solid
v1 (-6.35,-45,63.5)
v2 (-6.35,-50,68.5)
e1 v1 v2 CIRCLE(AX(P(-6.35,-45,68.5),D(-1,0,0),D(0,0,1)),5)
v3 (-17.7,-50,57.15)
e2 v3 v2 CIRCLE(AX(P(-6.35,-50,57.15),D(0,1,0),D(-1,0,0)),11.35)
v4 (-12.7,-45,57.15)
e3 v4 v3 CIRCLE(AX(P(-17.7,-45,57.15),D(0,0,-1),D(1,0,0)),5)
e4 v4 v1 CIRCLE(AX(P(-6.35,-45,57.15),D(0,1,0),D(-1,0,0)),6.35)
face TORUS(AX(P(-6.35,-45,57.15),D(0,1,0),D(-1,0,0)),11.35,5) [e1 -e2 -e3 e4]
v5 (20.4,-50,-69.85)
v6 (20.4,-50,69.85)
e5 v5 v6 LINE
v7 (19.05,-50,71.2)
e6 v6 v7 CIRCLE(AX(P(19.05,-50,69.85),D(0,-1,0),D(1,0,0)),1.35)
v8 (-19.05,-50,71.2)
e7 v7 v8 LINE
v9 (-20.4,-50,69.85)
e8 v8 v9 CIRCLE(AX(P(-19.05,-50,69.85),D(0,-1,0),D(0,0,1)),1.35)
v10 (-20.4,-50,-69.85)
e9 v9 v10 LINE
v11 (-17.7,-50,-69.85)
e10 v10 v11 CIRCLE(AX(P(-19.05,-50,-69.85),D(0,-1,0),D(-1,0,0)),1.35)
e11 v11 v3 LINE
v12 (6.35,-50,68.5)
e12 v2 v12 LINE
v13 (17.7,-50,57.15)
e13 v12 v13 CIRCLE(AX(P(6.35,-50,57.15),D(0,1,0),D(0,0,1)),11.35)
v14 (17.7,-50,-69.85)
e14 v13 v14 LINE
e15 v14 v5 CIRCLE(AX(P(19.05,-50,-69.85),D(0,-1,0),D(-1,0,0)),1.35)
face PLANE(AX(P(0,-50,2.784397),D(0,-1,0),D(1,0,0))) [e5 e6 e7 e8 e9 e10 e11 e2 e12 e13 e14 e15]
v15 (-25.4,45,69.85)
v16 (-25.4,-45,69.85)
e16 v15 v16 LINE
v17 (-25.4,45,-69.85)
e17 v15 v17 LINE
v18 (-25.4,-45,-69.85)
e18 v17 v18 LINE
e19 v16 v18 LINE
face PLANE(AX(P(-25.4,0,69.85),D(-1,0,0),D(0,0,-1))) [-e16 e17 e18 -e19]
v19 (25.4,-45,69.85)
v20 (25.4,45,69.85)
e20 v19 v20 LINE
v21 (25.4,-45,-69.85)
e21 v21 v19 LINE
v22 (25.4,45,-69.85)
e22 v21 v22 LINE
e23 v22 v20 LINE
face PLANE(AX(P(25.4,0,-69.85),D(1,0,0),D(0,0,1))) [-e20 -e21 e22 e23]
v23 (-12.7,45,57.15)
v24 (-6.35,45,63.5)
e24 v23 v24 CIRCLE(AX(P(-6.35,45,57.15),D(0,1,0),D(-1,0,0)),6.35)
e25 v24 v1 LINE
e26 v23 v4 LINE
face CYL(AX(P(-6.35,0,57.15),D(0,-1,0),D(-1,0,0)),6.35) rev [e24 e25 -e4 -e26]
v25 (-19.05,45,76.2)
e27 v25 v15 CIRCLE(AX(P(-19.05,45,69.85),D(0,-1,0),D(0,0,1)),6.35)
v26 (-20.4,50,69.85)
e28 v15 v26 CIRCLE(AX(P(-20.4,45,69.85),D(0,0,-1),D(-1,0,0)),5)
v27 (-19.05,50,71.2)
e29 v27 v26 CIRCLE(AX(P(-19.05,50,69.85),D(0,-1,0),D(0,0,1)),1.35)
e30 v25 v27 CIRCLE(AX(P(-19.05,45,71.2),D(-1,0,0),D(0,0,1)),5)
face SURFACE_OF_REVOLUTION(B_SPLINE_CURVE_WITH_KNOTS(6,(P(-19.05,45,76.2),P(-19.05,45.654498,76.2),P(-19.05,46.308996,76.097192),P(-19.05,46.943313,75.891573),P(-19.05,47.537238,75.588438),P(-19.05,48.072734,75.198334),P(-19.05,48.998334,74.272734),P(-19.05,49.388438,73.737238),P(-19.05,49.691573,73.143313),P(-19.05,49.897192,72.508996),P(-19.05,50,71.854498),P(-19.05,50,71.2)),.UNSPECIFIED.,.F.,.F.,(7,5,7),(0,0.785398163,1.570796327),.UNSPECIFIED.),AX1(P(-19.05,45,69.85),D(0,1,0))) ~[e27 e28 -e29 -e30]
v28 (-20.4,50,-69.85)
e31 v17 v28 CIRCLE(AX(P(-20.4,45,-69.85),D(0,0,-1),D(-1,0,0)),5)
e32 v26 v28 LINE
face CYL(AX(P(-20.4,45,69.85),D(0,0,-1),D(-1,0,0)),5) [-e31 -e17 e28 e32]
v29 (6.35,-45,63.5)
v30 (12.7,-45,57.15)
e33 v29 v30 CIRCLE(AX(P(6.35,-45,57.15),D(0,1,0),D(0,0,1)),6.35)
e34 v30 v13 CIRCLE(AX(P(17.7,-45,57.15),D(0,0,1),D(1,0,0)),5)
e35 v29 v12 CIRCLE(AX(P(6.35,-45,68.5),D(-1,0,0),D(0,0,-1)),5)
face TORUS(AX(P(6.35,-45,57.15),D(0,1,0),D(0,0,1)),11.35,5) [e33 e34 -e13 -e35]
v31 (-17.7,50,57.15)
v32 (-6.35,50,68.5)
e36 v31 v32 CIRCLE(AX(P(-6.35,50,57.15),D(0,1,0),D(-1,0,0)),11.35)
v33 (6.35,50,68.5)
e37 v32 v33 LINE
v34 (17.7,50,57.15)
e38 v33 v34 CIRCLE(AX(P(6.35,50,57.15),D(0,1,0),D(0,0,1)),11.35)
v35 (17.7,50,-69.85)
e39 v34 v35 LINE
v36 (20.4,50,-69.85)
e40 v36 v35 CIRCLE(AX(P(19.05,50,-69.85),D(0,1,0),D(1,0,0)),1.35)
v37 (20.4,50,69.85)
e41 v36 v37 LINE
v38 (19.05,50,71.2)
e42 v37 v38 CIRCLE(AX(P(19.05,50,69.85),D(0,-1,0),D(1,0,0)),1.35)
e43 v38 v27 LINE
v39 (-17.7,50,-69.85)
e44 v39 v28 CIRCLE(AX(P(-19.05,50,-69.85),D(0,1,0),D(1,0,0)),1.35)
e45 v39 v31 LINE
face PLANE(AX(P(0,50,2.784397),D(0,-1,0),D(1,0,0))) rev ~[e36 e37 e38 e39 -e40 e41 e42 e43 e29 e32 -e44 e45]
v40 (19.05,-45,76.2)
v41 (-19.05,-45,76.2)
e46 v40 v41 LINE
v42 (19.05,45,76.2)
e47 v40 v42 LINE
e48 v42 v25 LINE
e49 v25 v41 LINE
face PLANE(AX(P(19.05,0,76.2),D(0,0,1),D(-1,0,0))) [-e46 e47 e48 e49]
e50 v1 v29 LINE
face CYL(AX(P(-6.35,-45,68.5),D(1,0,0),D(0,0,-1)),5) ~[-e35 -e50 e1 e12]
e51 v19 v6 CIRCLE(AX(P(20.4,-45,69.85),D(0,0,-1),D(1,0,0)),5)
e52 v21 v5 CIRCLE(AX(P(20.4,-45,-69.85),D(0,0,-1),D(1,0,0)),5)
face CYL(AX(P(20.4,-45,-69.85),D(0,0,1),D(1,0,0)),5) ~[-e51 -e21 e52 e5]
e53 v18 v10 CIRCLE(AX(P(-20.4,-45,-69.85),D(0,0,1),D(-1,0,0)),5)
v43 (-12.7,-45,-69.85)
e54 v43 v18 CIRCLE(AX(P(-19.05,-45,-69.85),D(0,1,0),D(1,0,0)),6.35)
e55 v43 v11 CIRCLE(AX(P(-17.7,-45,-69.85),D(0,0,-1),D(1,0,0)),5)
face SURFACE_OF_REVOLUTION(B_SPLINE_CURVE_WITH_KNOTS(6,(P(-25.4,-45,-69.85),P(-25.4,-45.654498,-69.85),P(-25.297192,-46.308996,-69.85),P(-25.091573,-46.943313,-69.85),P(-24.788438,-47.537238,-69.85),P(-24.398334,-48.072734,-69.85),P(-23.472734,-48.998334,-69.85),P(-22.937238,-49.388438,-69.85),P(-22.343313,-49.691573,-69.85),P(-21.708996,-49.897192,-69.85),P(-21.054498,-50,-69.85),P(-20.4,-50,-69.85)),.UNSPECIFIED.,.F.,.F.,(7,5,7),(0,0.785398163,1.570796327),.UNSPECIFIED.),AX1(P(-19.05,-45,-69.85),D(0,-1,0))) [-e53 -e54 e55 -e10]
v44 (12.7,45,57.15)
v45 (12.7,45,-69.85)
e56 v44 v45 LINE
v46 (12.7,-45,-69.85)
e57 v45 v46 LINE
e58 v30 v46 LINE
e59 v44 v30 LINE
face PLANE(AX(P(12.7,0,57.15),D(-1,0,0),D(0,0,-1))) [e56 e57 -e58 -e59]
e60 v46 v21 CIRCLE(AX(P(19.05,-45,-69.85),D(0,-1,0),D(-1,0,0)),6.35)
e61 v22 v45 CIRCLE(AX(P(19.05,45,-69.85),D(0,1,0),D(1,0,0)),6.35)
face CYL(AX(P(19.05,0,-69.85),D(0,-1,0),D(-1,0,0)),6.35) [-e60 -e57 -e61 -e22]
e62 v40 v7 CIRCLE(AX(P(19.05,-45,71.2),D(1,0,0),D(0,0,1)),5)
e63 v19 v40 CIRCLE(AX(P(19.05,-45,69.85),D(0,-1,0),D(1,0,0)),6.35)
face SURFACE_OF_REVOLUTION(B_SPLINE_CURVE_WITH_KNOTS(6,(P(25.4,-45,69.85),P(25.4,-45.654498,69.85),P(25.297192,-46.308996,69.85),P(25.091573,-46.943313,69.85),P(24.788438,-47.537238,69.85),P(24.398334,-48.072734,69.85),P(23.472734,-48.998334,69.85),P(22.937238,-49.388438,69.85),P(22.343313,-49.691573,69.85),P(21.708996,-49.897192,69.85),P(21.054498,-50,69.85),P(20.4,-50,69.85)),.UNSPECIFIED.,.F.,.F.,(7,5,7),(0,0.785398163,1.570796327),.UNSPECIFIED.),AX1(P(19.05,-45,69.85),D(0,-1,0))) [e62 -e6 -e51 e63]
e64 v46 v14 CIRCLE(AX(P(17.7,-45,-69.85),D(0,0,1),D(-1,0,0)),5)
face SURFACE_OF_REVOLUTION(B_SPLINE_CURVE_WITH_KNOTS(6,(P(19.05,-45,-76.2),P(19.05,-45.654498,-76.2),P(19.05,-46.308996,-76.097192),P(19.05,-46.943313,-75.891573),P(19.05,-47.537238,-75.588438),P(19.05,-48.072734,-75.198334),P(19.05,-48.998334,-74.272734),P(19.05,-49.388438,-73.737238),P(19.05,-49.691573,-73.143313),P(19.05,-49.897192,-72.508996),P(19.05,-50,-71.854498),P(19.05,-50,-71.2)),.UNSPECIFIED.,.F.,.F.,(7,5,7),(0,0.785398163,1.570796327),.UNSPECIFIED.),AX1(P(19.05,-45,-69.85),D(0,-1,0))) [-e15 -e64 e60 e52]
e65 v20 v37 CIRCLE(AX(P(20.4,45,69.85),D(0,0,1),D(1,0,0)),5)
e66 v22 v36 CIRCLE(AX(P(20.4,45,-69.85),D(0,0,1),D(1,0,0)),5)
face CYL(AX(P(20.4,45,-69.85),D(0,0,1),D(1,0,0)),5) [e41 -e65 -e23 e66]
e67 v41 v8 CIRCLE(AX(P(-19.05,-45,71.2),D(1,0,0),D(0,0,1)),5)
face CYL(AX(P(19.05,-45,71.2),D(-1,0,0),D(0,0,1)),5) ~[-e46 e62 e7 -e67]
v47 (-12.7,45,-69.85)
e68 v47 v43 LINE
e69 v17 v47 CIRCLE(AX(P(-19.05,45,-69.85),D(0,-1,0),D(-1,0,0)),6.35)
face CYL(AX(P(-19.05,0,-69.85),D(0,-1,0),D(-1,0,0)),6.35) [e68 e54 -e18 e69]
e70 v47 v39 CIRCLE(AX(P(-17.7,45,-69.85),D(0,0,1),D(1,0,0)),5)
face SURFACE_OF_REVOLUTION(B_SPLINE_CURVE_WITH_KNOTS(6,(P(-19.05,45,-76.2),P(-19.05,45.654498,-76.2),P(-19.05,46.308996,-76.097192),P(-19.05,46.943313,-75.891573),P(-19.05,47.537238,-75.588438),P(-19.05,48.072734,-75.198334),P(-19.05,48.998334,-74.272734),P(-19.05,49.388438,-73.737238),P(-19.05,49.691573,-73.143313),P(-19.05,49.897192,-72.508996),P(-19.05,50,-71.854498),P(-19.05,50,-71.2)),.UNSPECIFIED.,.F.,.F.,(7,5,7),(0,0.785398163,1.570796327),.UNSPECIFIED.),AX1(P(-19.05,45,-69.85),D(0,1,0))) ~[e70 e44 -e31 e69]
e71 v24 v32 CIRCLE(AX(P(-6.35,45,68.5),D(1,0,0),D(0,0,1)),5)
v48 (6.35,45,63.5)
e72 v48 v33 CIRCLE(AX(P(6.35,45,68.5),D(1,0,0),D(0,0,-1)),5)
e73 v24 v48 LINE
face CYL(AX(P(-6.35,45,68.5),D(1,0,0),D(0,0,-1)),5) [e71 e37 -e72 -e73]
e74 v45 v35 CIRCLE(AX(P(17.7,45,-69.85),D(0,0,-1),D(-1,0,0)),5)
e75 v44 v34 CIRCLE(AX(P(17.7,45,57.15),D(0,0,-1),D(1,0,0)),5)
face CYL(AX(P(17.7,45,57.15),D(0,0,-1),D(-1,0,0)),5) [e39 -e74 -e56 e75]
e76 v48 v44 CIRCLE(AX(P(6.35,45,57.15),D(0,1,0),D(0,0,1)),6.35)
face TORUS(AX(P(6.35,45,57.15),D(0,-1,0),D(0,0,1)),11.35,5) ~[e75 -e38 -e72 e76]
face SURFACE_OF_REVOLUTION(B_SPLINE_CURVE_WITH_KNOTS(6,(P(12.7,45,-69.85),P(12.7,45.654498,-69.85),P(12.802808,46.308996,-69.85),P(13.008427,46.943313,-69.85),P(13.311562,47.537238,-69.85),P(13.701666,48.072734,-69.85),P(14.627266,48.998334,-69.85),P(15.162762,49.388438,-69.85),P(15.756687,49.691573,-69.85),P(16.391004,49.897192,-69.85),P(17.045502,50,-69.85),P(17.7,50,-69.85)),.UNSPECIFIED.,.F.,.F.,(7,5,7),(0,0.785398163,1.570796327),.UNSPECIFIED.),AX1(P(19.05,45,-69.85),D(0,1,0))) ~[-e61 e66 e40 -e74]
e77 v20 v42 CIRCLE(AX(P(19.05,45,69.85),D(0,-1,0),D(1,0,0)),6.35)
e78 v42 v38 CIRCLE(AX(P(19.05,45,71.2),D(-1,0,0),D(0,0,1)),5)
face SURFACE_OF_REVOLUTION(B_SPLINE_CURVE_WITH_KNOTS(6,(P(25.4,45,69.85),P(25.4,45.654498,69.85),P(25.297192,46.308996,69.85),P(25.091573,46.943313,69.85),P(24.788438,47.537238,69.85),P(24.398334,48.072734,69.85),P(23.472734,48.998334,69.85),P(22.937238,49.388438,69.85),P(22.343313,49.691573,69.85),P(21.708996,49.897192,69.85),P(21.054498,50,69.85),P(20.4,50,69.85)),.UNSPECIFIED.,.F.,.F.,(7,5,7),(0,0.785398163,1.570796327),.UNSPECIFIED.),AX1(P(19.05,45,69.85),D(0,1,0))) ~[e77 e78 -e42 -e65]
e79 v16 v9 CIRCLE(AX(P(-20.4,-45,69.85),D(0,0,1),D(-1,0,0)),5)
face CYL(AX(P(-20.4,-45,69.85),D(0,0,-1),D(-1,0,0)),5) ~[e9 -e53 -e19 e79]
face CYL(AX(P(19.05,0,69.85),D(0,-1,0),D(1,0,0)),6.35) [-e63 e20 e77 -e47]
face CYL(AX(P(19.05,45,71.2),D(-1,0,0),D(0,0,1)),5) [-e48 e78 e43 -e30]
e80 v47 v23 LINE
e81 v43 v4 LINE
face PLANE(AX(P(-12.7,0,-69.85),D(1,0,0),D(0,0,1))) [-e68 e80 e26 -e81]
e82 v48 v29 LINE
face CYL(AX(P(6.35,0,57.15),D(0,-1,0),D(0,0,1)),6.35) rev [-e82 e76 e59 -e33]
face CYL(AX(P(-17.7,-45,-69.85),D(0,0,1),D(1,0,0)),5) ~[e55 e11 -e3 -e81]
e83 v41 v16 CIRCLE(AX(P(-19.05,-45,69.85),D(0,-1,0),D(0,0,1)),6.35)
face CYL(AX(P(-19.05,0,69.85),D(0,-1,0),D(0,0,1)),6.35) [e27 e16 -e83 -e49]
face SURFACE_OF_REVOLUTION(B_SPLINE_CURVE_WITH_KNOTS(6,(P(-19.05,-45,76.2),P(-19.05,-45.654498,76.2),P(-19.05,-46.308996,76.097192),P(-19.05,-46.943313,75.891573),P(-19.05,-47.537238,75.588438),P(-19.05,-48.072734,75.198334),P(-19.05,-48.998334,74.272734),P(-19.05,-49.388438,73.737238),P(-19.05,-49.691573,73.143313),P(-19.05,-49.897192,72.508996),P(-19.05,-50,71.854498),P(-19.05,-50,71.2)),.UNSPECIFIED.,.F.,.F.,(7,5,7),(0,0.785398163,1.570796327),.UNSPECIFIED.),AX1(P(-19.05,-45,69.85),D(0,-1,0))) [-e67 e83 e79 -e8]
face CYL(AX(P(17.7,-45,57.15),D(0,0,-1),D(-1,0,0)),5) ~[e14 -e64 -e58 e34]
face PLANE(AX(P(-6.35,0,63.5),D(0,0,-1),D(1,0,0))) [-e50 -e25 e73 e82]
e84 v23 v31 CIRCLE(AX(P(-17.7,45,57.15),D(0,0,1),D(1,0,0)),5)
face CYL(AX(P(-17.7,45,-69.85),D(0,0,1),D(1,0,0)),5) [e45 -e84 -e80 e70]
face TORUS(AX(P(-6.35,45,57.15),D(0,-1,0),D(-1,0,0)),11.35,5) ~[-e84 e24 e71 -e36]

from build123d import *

# Parameters (mm, degrees)
F1_DEPTH = 50
F2_R     = 5


with BuildPart() as f1:
    # F0 (on Front) → F1 (new body, symmetric)
    with BuildSketch(Plane.XZ):
        with BuildLine():
            Line((19.05, 76.2), (-19.05, 76.2))
            ThreePointArc((-19.05, 76.2), (-23.5401280605, 74.3401280605), (-25.4, 69.85))
            Line((-25.4, 69.85), (-25.4, -69.85))
            ThreePointArc((-25.4, -69.85), (-23.5401280605, -74.3401280605), (-19.05, -76.2))
            ThreePointArc((-19.05, -76.2), (-14.5598719395, -74.3401280605), (-12.7, -69.85))
            Line((-12.7, -69.85), (-12.7, -63.5))
            Line((-12.7, -63.5), (-12.7, 57.15))
            ThreePointArc((-12.7, 57.15), (-10.8401280605, 61.6401280605), (-6.35, 63.5))
            Line((-6.35, 63.5), (6.35, 63.5))
            ThreePointArc((6.35, 63.5), (10.8401280605, 61.6401280605), (12.7, 57.15))
            Line((12.7, 57.15), (12.7, -63.5))
            Line((12.7, -63.5), (12.7, -69.85))
            ThreePointArc((12.7, -69.85), (14.5598719395, -74.3401280605), (19.05, -76.2))
            ThreePointArc((19.05, -76.2), (23.5401280605, -74.3401280605), (25.4, -69.85))
            Line((25.4, -69.85), (25.4, 69.85))
            ThreePointArc((25.4, 69.85), (23.5401280605, 74.3401280605), (19.05, 76.2))
        make_face()
    extrude(amount=F1_DEPTH, both=True)

    # F2
    f2_edges = [f1.edges().sort_by_distance(p)[0] for p in [
        (19.05, 50, -76.2),
        (25.4, 50, 0),
        (23.540128, 50, 74.340128),
        (0, 50, 76.2),
        (-23.540128, 50, 74.340128),
        (-25.4, 50, 0),
        (-19.05, 50, -76.2),
        (-12.7, 50, -6.35),
        (-10.840128, 50, 61.640128),
        (0, 50, 63.5),
        (10.840128, 50, 61.640128),
        (12.7, 50, -6.35),
        (19.05, -50, -76.2),
    ]]
    fillet(f2_edges, radius=F2_R)


solid = f1.part
